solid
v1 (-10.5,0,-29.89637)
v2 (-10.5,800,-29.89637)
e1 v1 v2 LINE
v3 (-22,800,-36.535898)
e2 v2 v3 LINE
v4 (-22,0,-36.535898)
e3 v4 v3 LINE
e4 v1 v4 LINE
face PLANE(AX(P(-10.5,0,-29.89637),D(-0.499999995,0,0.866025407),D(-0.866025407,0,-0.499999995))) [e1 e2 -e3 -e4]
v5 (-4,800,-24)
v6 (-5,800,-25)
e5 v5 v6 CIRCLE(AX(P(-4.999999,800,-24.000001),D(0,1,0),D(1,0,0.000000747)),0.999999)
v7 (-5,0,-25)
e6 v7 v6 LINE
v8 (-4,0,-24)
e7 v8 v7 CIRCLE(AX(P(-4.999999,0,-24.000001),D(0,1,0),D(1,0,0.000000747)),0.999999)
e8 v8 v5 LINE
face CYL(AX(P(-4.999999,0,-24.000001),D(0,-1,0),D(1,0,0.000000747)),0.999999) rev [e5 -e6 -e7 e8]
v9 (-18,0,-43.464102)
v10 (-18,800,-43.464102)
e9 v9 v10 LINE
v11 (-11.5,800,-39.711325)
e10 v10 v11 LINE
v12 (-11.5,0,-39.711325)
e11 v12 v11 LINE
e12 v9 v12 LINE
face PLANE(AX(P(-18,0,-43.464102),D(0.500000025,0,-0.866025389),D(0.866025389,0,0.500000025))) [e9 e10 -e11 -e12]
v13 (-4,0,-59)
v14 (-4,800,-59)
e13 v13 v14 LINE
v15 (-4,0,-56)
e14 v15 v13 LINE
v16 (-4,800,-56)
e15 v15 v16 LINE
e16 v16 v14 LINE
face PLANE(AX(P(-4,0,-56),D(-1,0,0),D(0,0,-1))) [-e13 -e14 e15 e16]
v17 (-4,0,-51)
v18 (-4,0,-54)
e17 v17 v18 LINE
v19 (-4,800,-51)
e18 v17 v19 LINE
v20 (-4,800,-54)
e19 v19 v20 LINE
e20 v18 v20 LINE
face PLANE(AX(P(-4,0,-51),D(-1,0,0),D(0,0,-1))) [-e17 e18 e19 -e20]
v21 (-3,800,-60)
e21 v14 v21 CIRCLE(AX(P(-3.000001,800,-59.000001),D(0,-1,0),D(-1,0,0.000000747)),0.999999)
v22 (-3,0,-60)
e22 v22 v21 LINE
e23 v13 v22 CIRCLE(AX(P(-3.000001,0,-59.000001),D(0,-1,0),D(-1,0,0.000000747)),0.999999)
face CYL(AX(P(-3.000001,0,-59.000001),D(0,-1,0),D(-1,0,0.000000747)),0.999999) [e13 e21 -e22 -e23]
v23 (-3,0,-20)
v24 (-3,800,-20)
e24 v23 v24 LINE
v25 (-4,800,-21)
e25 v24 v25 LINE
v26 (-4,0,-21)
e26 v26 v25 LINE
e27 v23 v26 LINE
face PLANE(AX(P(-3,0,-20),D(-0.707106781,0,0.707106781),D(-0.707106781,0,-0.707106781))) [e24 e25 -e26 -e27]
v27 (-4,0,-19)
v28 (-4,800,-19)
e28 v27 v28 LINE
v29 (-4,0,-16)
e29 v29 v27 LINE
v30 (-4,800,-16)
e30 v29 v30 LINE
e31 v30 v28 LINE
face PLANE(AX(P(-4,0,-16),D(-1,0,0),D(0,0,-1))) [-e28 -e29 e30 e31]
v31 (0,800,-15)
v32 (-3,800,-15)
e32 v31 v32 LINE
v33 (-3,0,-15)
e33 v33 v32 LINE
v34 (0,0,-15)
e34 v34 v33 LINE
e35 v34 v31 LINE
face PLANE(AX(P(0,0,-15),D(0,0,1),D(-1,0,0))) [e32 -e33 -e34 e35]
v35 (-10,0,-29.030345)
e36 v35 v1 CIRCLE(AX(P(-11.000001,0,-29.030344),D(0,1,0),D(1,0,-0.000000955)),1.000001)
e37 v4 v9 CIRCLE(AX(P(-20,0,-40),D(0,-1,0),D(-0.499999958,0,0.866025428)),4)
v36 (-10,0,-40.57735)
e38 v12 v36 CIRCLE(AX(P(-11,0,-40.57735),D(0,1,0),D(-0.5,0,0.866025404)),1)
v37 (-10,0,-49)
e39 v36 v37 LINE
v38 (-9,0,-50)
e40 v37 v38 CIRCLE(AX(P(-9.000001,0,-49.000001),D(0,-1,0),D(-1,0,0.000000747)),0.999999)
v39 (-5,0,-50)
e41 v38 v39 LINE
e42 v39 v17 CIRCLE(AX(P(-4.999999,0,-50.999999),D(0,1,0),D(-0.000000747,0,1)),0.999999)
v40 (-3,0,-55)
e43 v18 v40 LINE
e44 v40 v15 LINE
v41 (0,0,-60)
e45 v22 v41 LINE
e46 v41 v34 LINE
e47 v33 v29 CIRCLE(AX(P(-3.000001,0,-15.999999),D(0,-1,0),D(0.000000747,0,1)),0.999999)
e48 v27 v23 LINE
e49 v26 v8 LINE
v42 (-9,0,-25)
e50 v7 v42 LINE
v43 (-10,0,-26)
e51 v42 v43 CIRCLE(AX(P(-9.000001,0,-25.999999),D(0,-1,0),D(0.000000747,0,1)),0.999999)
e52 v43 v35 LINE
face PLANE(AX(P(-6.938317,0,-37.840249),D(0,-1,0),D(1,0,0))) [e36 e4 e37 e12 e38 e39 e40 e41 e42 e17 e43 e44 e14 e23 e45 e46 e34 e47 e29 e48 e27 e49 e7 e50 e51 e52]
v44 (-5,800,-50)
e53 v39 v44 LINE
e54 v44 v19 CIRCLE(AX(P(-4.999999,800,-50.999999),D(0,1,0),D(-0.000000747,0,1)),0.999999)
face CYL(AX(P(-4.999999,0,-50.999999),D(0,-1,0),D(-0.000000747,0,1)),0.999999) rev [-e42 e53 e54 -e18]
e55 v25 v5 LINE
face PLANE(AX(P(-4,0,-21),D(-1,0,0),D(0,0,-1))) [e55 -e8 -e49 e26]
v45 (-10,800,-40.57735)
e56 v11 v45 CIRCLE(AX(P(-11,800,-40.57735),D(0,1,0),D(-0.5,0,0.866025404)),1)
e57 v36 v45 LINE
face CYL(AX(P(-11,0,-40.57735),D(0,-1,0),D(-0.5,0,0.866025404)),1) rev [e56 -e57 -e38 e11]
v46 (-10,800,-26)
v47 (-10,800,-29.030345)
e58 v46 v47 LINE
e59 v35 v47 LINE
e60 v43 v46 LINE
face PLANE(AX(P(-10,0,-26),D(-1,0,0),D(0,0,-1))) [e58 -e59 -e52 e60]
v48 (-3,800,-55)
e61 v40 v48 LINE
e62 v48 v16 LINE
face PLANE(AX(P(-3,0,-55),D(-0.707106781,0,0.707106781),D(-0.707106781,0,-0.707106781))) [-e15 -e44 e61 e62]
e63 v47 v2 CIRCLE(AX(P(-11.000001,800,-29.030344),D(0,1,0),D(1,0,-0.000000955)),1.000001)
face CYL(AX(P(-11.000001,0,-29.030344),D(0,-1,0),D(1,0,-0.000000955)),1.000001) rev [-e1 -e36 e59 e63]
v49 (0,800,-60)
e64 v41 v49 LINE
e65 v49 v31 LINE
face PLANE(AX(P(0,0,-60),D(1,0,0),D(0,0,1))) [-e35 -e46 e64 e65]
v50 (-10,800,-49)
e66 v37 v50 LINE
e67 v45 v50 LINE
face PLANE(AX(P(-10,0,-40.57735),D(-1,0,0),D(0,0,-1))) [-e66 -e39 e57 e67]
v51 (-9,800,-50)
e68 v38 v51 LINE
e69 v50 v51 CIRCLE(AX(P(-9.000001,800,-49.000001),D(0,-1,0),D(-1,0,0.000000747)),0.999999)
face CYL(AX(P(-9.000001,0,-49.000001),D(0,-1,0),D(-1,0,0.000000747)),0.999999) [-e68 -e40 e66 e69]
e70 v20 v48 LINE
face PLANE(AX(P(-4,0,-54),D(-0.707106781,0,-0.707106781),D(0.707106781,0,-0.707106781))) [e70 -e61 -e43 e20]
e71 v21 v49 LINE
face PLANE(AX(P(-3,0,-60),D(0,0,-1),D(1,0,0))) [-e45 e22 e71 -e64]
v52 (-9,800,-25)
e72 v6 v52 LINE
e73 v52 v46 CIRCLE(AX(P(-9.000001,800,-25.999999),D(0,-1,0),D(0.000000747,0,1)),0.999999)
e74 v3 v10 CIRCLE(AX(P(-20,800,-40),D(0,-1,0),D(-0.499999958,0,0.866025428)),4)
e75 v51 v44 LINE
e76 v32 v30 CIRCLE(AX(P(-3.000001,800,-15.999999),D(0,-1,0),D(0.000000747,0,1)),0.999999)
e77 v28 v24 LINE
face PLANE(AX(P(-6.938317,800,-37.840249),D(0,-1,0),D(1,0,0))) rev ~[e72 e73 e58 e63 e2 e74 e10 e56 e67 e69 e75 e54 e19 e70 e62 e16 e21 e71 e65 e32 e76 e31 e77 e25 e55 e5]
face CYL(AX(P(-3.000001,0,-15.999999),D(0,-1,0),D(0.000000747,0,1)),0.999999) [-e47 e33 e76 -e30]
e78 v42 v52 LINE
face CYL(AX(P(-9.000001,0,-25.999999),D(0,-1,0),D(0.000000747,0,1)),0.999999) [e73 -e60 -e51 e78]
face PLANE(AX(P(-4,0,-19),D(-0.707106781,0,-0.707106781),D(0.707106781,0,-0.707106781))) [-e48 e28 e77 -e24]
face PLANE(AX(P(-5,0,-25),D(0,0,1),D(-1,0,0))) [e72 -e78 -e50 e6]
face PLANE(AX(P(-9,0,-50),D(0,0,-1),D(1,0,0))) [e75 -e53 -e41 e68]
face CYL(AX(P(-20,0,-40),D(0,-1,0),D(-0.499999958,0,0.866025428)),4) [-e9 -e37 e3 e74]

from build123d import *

# Parameters (mm, degrees)
F1_DEPTH = 800


with BuildPart() as f1:
    # F0 (on Front) → F1 (new body)
    with BuildSketch(Plane.XZ):
        with BuildLine():
            ThreePointArc((-10, -29.030345), (-10.133975, -29.530345), (-10.5, -29.89637))
            Line((-10.5, -29.89637), (-22, -36.535898))
            ThreePointArc((-22, -36.535898), (-23.464102, -42), (-18, -43.464102))
            Line((-18, -43.464102), (-11.5, -39.711325))
            ThreePointArc((-11.5, -39.711325), (-10.5, -39.711325), (-10, -40.57735))
            Line((-10, -40.57735), (-10, -49))
            ThreePointArc((-10, -49), (-9.707107, -49.707107), (-9, -50))
            Line((-9, -50), (-5, -50))
            ThreePointArc((-5, -50), (-4.292893, -50.292893), (-4, -51))
            Line((-4, -51), (-4, -54))
            Line((-4, -54), (-3, -55))
            Line((-3, -55), (-4, -56))
            Line((-4, -56), (-4, -59))
            ThreePointArc((-4, -59), (-3.707107, -59.707107), (-3, -60))
            Line((-3, -60), (0, -60))
            Line((0, -60), (0, -15))
            Line((0, -15), (-3, -15))
            ThreePointArc((-3, -15), (-3.707107, -15.292893), (-4, -16))
            Line((-4, -16), (-4, -19))
            Line((-4, -19), (-3, -20))
            Line((-3, -20), (-4, -21))
            Line((-4, -21), (-4, -24))
            ThreePointArc((-4, -24), (-4.292893, -24.707107), (-5, -25))
            Line((-5, -25), (-9, -25))
            ThreePointArc((-9, -25), (-9.707107, -25.292893), (-10, -26))
            Line((-10, -26), (-10, -29.030345))
        make_face()
    extrude(amount=-F1_DEPTH)


solid = f1.part
